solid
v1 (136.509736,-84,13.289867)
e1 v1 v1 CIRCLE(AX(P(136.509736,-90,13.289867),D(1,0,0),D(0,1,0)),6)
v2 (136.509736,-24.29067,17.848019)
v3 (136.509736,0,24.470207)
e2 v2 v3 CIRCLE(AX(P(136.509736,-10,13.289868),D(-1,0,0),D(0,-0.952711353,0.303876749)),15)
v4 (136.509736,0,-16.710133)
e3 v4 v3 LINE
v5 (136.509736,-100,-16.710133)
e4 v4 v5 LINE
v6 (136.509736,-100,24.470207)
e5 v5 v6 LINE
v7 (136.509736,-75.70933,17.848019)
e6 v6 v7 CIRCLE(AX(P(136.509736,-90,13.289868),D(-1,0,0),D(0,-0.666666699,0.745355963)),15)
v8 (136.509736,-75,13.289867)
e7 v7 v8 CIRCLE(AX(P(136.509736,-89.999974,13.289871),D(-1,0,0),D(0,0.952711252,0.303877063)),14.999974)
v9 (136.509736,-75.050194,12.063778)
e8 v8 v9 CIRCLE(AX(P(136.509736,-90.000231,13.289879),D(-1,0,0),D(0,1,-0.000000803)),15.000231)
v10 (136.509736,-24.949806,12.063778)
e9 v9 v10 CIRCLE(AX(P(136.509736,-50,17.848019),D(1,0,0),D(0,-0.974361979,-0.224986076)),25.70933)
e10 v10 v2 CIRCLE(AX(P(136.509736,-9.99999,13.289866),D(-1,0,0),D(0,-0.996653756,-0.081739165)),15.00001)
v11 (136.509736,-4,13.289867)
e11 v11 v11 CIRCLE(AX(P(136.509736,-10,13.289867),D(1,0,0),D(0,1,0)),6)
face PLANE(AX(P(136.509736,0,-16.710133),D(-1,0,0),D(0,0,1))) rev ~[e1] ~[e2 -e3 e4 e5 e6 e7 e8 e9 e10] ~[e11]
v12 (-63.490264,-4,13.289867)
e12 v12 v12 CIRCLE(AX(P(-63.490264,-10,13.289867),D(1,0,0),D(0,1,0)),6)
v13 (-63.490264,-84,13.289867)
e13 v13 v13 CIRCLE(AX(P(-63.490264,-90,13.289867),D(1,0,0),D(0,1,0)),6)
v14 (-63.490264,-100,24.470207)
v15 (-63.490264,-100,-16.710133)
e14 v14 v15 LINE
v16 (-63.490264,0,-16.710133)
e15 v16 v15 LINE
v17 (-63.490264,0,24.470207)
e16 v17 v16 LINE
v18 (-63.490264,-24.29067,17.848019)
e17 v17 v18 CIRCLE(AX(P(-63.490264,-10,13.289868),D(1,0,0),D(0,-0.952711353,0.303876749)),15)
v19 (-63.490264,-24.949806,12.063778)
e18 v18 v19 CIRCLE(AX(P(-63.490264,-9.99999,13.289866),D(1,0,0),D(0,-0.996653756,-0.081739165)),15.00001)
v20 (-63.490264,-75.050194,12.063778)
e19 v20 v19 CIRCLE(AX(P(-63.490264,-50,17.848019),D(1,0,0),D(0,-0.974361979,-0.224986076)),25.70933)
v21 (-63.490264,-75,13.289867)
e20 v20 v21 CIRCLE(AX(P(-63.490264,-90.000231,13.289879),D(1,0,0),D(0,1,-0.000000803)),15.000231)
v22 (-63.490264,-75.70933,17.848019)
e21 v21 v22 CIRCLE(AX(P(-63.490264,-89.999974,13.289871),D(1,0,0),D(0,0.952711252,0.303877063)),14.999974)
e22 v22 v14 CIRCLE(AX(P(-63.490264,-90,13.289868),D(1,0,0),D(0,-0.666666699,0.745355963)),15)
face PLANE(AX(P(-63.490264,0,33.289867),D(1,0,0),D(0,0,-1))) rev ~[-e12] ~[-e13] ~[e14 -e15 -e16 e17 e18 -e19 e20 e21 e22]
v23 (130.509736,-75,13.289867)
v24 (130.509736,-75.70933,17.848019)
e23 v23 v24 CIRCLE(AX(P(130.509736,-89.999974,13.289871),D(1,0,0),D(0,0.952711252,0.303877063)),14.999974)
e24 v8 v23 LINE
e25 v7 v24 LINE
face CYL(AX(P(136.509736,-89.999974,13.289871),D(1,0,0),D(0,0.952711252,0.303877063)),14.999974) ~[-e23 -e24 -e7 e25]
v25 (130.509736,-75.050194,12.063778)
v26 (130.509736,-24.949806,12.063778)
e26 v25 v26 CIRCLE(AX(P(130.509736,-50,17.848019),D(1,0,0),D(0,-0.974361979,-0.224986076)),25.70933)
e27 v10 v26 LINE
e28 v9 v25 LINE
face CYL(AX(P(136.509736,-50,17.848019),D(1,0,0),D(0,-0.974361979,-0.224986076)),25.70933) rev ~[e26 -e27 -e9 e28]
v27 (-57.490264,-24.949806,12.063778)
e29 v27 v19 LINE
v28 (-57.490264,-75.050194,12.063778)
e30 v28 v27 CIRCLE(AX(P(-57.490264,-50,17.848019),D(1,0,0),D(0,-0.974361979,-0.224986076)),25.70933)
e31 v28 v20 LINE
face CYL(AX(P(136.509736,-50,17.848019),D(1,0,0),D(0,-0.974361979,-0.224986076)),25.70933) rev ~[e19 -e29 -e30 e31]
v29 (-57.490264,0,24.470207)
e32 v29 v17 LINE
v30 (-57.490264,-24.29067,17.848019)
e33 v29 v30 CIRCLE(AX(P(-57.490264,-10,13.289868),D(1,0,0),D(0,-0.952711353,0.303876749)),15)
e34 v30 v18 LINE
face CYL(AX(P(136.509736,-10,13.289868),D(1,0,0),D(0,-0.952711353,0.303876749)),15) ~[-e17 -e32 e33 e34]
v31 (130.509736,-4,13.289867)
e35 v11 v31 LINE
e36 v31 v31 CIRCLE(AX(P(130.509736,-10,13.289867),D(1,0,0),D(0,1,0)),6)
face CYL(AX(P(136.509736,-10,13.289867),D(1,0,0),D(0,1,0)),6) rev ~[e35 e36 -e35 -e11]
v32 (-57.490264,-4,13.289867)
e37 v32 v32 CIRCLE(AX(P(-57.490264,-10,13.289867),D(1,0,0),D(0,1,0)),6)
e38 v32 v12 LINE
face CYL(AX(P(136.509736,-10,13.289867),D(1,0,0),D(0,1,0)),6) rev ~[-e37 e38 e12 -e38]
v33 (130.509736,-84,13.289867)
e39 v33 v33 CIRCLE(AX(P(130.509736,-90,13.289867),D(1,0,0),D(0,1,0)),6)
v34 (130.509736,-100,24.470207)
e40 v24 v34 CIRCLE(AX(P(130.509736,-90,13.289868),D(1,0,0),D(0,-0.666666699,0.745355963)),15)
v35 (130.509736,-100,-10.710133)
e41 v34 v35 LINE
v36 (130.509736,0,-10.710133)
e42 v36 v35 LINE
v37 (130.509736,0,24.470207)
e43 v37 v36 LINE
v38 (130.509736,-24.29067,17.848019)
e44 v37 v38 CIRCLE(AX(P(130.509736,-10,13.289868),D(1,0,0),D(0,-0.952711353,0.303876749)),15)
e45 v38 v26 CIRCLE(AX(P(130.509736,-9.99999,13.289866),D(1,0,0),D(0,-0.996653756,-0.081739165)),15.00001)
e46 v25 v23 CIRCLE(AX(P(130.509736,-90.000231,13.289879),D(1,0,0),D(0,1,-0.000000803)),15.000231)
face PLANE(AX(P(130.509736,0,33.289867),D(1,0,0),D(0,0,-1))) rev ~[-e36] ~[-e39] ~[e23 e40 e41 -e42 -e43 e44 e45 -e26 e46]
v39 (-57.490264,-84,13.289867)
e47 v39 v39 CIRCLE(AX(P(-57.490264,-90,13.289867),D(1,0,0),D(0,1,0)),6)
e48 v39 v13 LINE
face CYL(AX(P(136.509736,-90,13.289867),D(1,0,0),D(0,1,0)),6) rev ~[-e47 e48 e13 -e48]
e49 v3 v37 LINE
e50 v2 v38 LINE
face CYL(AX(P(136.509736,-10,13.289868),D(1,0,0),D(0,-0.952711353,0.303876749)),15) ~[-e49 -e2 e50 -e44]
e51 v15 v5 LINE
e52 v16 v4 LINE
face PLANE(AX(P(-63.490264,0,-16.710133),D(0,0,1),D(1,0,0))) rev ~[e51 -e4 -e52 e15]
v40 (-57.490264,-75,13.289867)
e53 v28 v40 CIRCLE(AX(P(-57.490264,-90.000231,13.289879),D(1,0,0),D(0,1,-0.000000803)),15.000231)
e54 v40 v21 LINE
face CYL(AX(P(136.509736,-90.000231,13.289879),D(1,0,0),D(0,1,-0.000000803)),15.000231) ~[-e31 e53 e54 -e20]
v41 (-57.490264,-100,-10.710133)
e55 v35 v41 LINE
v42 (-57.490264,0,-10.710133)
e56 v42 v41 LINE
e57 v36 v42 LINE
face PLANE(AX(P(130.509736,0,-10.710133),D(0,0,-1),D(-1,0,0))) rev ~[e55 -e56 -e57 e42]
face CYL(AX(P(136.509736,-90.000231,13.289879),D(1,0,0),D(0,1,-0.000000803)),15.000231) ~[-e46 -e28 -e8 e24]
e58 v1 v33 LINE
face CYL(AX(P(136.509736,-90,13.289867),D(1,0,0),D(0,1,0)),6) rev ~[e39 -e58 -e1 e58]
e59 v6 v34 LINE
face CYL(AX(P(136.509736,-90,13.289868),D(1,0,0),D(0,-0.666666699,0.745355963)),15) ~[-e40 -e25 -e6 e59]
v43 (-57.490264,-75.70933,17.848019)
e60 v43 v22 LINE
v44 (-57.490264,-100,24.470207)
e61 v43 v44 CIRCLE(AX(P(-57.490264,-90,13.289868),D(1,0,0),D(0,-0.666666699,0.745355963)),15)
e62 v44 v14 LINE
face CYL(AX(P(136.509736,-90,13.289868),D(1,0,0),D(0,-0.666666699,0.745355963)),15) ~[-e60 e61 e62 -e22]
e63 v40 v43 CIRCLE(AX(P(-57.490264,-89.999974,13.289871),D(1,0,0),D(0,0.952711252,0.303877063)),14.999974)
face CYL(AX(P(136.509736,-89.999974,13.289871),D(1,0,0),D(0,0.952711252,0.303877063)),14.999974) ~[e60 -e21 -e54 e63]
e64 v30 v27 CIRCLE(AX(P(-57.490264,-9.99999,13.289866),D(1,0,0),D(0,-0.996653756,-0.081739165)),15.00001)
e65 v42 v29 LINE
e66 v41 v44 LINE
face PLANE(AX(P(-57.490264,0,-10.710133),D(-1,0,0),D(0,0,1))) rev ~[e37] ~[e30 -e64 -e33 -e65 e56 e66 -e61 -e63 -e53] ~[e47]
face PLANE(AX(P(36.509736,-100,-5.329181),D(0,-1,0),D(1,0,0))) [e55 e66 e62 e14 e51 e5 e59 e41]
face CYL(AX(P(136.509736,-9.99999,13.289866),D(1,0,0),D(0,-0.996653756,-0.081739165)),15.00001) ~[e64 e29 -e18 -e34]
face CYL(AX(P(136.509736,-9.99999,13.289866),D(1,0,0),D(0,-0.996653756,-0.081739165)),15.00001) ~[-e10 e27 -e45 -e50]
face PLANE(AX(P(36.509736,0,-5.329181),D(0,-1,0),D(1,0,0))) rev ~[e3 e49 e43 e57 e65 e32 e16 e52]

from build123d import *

# Parameters (mm, degrees)
F1_DEPTH = 100
F2_R     = 6
F3_DEPTH = 200.001
F5_DEPTH = 200.001


with BuildPart() as f1:
    # F0 (on Front) → F1 (new body)
    with BuildSketch(Plane.XZ):
        Polygon((-57.490264, 33.289867), (-63.490264, 33.289867), (-63.490264, -16.710133), (136.509736, -16.710133), (136.509736, 33.289867), (130.509736, 33.289867), (130.509736, -10.710133), (-57.490264, -10.710133), align=None)
    extrude(amount=F1_DEPTH)

    # F2 (on face) → F3 (cut, through all)
    with BuildSketch(Plane.YZ.offset(136.509736)):
        with Locations((-90, 13.289867)):
            Circle(F2_R)
        with Locations((-10, 13.289867)):
            Circle(F2_R)
    extrude(amount=-F3_DEPTH, mode=Mode.SUBTRACT)

    # F4 (on face) → F5 (cut, through all)
    with BuildSketch(Plane.YZ.offset(136.509736)):
        with BuildLine():
            ThreePointArc((-75.70933, 17.848019), (-75.178393, 15.596374), (-75, 13.289867))
            ThreePointArc((-75, 13.289867), (-75.012554, 12.676309), (-75.050194, 12.063778))
            ThreePointArc((-75.050194, 12.063778), (-50, -7.861311), (-24.949806, 12.063778))
            ThreePointArc((-24.949806, 12.063778), (-24.903547, 14.988183), (-24.29067, 17.848019))
            ThreePointArc((-24.29067, 17.848019), (-13.945352, 27.761709), (0, 24.470207))
            Line((0, 24.470207), (0, 33.289867))
            Line((0, 33.289867), (-100, 33.289867))
            Line((-100, 33.289867), (-100, 24.470207))
            ThreePointArc((-100, 24.470207), (-86.054648, 27.761709), (-75.70933, 17.848019))
        make_face()
    extrude(amount=-F5_DEPTH, mode=Mode.SUBTRACT)


solid = f1.part
